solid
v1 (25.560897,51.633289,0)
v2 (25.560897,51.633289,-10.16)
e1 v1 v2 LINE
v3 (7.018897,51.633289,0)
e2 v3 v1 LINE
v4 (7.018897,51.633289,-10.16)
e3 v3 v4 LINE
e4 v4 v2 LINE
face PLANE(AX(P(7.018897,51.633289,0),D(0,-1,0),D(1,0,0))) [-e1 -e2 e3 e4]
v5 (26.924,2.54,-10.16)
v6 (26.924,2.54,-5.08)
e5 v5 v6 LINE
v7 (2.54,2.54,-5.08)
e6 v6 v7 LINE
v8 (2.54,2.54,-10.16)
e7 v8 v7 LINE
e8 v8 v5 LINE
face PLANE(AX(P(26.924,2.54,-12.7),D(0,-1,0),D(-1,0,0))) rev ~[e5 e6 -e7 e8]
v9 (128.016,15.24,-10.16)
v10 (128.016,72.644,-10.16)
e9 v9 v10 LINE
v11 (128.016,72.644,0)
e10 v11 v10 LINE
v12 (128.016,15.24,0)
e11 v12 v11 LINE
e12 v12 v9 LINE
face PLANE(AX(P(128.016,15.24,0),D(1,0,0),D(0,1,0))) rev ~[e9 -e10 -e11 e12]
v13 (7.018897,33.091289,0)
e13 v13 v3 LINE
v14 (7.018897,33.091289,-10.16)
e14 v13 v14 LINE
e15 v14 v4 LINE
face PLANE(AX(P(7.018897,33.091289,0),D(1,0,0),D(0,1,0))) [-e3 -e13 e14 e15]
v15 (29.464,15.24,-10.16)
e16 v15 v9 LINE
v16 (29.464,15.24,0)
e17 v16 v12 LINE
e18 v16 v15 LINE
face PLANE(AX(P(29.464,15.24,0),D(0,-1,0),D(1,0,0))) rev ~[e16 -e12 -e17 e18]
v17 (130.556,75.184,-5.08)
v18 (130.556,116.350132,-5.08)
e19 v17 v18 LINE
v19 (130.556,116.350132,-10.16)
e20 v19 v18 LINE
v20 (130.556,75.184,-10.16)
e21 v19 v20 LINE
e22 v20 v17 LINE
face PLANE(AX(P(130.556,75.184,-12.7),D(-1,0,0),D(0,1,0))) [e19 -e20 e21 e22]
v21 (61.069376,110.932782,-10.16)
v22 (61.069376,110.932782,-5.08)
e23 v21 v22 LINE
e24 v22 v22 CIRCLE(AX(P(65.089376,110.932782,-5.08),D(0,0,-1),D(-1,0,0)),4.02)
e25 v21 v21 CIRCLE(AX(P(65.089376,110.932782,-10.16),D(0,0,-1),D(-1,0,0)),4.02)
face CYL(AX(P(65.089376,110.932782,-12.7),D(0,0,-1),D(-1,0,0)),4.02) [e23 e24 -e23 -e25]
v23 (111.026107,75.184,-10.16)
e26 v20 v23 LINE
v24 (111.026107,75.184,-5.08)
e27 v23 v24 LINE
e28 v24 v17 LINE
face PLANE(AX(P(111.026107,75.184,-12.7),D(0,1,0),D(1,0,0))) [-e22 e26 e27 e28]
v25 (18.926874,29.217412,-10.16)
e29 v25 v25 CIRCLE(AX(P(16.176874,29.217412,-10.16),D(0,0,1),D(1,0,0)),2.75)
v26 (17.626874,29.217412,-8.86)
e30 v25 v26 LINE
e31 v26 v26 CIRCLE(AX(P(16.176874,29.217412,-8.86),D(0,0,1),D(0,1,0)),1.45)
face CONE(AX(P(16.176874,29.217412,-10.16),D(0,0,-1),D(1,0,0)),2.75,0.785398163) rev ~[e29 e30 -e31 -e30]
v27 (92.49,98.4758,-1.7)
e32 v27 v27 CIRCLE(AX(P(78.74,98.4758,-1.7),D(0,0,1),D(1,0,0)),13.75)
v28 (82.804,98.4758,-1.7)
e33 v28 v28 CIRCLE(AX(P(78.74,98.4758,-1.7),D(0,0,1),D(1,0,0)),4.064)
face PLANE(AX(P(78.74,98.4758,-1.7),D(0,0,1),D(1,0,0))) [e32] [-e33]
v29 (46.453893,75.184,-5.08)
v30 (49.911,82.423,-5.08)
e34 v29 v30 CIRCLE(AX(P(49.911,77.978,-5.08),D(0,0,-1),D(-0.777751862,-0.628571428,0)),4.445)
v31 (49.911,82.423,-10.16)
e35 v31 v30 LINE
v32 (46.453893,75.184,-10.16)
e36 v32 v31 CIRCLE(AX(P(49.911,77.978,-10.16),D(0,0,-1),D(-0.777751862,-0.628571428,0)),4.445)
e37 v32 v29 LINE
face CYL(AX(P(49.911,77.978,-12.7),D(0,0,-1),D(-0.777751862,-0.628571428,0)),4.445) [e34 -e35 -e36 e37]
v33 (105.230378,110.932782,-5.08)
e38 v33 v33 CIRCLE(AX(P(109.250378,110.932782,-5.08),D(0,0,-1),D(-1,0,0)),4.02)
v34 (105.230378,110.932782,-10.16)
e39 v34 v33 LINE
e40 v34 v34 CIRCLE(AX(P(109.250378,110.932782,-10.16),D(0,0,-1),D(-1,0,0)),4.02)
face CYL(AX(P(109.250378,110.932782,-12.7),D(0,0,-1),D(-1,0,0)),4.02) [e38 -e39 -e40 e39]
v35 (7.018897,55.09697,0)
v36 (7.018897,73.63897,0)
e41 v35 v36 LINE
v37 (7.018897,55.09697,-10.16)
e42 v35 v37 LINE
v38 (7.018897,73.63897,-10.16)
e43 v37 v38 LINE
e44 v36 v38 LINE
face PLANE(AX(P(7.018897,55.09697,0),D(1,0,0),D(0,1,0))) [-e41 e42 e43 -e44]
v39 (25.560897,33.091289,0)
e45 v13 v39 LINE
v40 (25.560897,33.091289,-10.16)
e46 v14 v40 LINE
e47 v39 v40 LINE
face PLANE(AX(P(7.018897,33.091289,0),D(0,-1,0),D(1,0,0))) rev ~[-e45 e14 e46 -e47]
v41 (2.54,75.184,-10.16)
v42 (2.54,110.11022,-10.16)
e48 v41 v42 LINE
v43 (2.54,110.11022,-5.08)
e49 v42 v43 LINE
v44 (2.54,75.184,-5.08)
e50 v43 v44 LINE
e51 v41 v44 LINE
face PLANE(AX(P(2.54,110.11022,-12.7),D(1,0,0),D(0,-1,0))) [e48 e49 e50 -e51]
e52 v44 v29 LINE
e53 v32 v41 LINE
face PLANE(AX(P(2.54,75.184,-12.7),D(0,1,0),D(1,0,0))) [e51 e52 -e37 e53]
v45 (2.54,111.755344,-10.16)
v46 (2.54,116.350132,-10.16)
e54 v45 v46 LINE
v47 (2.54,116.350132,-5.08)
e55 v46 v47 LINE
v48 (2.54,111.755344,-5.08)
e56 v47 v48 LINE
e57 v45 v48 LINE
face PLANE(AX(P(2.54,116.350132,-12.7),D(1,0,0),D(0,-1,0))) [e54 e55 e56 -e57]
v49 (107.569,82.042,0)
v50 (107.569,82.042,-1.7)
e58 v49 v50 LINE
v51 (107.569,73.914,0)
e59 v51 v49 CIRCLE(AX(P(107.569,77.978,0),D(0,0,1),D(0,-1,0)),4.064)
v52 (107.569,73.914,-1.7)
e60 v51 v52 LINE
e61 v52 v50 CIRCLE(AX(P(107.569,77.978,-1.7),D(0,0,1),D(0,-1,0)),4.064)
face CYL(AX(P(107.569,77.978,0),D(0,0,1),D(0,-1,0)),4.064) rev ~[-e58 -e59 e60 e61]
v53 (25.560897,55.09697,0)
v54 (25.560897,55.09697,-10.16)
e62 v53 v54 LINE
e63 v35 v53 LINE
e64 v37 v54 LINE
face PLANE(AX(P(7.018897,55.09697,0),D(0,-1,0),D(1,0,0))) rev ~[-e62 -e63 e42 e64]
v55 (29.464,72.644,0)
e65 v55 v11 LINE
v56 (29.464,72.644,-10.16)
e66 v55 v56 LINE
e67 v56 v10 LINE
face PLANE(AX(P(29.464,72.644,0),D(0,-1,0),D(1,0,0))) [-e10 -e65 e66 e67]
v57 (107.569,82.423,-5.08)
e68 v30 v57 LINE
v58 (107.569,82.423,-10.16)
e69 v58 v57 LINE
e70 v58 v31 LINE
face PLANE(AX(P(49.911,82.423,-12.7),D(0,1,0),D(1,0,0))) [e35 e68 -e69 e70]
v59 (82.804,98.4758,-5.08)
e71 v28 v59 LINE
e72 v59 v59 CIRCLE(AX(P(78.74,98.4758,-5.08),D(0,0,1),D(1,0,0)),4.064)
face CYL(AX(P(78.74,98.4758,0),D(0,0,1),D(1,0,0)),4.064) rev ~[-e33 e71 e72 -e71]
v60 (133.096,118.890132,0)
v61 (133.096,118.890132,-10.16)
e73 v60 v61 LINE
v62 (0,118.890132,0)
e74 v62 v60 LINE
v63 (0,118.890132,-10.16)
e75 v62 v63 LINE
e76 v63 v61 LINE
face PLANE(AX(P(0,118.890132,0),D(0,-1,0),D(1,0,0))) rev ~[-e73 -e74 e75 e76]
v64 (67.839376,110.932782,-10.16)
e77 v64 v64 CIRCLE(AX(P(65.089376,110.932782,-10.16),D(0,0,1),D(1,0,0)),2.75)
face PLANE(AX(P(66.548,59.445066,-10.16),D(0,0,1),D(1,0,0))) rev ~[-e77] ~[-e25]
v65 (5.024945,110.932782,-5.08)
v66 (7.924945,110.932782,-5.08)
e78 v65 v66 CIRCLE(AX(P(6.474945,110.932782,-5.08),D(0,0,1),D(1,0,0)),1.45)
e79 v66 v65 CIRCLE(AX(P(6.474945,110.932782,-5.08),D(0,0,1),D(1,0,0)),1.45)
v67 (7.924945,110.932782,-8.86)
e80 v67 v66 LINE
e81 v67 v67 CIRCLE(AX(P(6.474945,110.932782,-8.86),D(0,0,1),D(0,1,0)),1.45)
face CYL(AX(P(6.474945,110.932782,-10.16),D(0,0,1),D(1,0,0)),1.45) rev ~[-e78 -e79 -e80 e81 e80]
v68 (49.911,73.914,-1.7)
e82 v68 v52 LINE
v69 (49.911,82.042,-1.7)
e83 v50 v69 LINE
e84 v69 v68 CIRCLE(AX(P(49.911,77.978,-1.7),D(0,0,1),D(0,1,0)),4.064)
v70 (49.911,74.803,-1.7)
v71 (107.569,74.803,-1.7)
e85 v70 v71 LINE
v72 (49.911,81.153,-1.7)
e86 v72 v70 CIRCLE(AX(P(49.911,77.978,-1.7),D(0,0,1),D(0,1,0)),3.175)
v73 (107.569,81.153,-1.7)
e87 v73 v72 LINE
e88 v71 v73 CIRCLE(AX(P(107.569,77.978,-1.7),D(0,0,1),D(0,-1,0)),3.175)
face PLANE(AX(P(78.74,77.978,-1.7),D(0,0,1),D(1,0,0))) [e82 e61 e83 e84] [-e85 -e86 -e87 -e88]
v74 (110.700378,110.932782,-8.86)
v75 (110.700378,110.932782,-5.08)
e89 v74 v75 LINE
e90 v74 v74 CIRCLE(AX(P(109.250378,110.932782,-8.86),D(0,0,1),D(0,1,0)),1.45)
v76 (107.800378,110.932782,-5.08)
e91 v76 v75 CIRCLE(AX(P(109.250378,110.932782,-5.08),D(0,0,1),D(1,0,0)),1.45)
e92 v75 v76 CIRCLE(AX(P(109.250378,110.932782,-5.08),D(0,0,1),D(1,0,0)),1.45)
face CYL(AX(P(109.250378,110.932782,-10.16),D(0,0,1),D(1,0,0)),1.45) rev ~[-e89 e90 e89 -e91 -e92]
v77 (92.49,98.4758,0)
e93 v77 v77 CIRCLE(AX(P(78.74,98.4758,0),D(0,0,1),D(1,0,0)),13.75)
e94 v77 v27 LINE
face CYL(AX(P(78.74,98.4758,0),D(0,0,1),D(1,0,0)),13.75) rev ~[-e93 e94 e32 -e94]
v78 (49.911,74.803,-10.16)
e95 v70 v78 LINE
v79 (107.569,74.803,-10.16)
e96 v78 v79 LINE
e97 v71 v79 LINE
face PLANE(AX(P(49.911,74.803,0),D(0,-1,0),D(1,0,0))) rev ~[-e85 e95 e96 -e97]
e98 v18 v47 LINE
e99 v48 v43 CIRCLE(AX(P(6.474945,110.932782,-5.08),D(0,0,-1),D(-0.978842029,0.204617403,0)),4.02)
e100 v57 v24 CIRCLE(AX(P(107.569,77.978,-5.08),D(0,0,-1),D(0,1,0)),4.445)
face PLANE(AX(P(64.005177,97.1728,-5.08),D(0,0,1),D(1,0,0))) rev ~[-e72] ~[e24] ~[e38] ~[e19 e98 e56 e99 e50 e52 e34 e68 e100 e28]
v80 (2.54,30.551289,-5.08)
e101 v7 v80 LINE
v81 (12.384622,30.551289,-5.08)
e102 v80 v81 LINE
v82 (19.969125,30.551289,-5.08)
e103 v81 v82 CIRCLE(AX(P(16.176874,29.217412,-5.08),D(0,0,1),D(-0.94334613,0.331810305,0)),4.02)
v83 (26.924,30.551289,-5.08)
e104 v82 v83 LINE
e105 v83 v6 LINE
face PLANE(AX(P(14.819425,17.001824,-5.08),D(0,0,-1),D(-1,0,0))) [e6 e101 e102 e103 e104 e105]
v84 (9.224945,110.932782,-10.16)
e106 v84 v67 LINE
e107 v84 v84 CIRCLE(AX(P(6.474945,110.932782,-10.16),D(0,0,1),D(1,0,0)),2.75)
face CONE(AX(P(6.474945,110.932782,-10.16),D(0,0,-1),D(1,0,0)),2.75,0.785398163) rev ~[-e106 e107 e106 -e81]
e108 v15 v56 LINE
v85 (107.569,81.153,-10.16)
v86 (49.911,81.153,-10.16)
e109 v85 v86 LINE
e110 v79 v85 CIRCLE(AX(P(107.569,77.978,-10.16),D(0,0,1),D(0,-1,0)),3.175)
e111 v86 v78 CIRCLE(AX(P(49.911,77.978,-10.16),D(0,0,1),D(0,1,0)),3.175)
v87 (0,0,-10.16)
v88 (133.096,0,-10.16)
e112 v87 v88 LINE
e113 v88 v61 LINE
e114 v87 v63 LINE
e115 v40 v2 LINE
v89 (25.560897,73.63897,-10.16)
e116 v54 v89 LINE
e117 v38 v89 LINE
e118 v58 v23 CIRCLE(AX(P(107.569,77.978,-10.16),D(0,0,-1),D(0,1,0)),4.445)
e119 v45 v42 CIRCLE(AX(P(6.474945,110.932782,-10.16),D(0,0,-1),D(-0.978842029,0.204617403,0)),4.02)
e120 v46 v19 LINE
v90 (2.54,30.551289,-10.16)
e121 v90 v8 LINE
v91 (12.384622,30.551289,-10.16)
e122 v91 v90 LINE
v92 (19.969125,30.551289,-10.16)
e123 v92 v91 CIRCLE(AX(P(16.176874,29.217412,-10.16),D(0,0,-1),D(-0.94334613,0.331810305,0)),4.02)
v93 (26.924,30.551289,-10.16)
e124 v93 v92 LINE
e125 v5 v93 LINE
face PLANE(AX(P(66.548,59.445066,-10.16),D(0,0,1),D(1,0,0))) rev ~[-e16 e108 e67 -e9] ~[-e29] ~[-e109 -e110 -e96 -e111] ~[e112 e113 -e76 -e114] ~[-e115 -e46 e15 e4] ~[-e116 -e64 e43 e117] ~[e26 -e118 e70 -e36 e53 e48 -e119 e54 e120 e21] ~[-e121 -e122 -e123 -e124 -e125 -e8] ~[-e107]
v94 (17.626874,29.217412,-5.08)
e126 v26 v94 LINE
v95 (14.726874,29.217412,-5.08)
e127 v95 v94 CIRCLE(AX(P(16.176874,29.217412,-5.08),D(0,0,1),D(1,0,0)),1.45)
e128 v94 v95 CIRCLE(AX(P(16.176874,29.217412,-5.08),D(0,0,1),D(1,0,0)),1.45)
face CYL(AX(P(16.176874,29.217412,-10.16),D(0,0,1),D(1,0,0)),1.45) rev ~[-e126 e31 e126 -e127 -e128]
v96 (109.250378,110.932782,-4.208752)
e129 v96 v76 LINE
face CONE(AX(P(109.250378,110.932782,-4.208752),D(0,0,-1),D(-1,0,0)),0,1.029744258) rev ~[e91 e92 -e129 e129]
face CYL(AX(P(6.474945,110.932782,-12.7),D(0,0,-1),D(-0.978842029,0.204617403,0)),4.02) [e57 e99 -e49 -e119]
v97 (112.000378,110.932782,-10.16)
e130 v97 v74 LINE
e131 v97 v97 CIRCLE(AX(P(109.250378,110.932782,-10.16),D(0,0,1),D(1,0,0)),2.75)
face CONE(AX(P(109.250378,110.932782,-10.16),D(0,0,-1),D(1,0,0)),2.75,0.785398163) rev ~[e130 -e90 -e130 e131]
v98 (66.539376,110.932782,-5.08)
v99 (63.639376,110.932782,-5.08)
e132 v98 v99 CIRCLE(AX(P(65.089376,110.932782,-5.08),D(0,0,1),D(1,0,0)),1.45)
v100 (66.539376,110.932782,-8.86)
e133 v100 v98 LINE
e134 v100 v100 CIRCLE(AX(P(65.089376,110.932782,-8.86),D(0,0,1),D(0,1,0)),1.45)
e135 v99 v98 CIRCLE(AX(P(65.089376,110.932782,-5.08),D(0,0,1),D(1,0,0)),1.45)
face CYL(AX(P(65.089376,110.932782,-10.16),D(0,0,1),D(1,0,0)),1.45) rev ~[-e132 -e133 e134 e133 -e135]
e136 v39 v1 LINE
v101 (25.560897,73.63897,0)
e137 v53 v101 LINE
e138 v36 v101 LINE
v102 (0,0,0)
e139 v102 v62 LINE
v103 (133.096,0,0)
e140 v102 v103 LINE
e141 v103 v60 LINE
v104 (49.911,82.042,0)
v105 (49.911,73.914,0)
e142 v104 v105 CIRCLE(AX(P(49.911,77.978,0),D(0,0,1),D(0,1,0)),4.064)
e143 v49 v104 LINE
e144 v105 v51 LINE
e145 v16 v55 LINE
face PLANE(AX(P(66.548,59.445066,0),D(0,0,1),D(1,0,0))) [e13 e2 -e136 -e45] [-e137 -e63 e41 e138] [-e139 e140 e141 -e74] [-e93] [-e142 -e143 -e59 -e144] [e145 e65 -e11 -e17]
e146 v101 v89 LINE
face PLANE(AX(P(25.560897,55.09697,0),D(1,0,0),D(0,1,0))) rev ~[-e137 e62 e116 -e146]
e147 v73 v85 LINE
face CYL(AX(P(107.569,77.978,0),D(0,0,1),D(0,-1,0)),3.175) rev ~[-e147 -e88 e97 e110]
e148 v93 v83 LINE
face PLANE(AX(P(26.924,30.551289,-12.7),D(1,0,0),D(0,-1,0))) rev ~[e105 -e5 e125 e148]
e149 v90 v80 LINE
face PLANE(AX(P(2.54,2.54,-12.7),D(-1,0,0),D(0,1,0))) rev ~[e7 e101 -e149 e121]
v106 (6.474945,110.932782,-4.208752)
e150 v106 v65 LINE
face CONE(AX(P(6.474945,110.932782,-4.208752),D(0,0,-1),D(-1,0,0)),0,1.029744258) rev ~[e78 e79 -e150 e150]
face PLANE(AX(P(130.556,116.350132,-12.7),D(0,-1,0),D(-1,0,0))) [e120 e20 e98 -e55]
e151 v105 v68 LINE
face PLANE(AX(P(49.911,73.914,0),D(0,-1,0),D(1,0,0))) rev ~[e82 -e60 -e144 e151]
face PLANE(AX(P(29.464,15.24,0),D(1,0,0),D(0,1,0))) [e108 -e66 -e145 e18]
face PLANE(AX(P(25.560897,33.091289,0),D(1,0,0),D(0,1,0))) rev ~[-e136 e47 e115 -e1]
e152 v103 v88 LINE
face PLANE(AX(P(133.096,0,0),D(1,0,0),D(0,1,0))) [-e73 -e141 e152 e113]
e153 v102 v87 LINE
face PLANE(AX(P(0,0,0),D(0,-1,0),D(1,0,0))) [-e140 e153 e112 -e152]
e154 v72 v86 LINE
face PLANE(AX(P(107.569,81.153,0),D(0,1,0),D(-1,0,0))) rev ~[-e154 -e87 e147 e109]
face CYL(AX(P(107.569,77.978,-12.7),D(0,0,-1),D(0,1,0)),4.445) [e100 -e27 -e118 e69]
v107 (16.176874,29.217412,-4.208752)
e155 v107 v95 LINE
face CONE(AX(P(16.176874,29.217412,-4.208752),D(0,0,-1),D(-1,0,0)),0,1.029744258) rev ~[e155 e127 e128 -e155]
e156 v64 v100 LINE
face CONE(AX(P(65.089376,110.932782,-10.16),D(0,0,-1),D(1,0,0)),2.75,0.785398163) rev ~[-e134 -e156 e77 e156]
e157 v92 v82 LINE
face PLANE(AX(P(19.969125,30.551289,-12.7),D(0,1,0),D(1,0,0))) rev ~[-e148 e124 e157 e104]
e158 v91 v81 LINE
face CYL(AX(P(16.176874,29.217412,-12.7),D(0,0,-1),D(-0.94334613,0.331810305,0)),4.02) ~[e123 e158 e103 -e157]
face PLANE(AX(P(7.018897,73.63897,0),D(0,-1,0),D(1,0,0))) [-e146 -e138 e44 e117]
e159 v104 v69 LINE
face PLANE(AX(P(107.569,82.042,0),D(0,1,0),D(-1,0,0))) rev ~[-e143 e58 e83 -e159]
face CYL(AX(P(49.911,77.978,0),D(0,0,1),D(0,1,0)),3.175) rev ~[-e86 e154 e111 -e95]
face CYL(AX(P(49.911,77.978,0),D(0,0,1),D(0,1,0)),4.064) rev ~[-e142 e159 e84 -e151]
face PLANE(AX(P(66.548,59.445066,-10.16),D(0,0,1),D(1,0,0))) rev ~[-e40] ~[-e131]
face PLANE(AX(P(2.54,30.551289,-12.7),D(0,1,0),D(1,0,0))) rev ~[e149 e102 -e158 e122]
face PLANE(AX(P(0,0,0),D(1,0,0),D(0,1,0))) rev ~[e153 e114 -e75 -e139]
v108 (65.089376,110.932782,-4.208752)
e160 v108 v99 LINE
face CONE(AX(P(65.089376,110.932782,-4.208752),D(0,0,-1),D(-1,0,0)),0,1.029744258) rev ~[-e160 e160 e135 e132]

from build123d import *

# Parameters (mm, degrees)
SKETCH1_W                                         = 133.096
SKETCH1_H                                         = 118.890132416
BOSS_EXTRUDE1_DEPTH                               = 10.16
SKETCH1_11_W                                      = 98.552
SKETCH1_11_H                                      = 57.404
SKETCH1_11_W_2                                    = 18.542
SKETCH1_11_H_2                                    = 18.542
SKETCH1_11_R                                      = 4.064
CUT_EXTRUDE1_DEPTH                                = 179.752998302
SKETCH1_12_R                                      = 13.75
SKETCH1_12_R_2                                    = 4.064
CUT_EXTRUDE2_DEPTH                                = 1.7
CSK_FOR_M2_5_FLAT_HEAD_MACHINE_SCREW1_D           = 2.9
CSK_FOR_M2_5_FLAT_HEAD_MACHINE_SCREW1_DEPTH       = 5.08
CSK_FOR_M2_5_FLAT_HEAD_MACHINE_SCREW1_CSINK_D     = 5.5
CSK_FOR_M2_5_FLAT_HEAD_MACHINE_SCREW1_CSINK_ANGLE = 90
CSK_FOR_M2_5_FLAT_HEAD_MACHINE_SCREW1_TIP         = 0.871247898
SKETCH6_R                                         = 4.02
CUT_EXTRUDE3_DEPTH                                = 7.62


with BuildPart() as part:
    # Sketch1 → Boss-Extrude1 (new body)
    with BuildSketch(Plane.XY):
        with Locations((66.548, 59.445066208)):
            Rectangle(SKETCH1_W, SKETCH1_H)
    extrude(amount=-BOSS_EXTRUDE1_DEPTH)

    # Sketch1<11> → Cut-Extrude1 (cut, through all)
    with BuildSketch(Plane.XY):
        with Locations((78.74, 43.942)):
            Rectangle(SKETCH1_11_W, SKETCH1_11_H)
        with Locations((16.289896793, 42.362289183)):
            Rectangle(SKETCH1_11_W_2, SKETCH1_11_H_2)
        with Locations((16.289896793, 64.367970222)):
            Rectangle(SKETCH1_11_W_2, SKETCH1_11_H_2)
        with BuildLine():
            Line((107.569, 81.153), (49.911, 81.153))
            ThreePointArc((49.911, 81.153), (46.736, 77.978), (49.911, 74.803))
            Line((49.911, 74.803), (107.569, 74.803))
            ThreePointArc((107.569, 74.803), (110.744, 77.978), (107.569, 81.153))
        make_face()
        with Locations((78.74, 98.4758)):
            Circle(SKETCH1_11_R)
    extrude(amount=-CUT_EXTRUDE1_DEPTH, mode=Mode.SUBTRACT)

    # Sketch1<12> → Cut-Extrude2 (cut)
    # profile 1 of 2: a face of its own
    with BuildSketch(Plane.XY):
        with BuildLine():
            Line((107.569, 82.042), (49.911, 82.042))
            ThreePointArc((49.911, 82.042), (45.847, 77.978), (49.911, 73.914))
            Line((49.911, 73.914), (107.569, 73.914))
            ThreePointArc((107.569, 73.914), (111.633, 77.978), (107.569, 82.042))
        make_face()
        with BuildLine():
            ThreePointArc((49.911, 74.803), (46.736, 77.978), (49.911, 81.153))
            Line((49.911, 81.153), (107.569, 81.153))
            ThreePointArc((107.569, 81.153), (110.744, 77.978), (107.569, 74.803))
            Line((107.569, 74.803), (49.911, 74.803))
        make_face(mode=Mode.SUBTRACT)
    # profile 2 of 2: a face of its own
    with BuildSketch(Plane.XY):
        with Locations((78.74, 98.4758)):
            Circle(SKETCH1_12_R)
        with Locations((78.74, 98.4758)):
            Circle(SKETCH1_12_R_2, mode=Mode.SUBTRACT)
    extrude(amount=-CUT_EXTRUDE2_DEPTH, mode=Mode.SUBTRACT)

    # CSK for M2.5 Flat Head Machine Screw1
    with Locations(Plane(origin=(0, 0, -10.16), x_dir=(-1, 0, 0), z_dir=(0, 0, -1))):
        with Locations((-109.250378399, 110.932782256), (-65.089376176, 110.932782256), (-6.474944958, 110.932782256), (-16.176873925, 29.217411756)):
            CounterSinkHole(CSK_FOR_M2_5_FLAT_HEAD_MACHINE_SCREW1_D / 2, CSK_FOR_M2_5_FLAT_HEAD_MACHINE_SCREW1_CSINK_D / 2, depth=CSK_FOR_M2_5_FLAT_HEAD_MACHINE_SCREW1_DEPTH, counter_sink_angle=CSK_FOR_M2_5_FLAT_HEAD_MACHINE_SCREW1_CSINK_ANGLE)
            with Locations((0, 0, -(CSK_FOR_M2_5_FLAT_HEAD_MACHINE_SCREW1_DEPTH + CSK_FOR_M2_5_FLAT_HEAD_MACHINE_SCREW1_TIP / 2))):  # 118° drill point
                Cone(0, CSK_FOR_M2_5_FLAT_HEAD_MACHINE_SCREW1_D / 2, CSK_FOR_M2_5_FLAT_HEAD_MACHINE_SCREW1_TIP, mode=Mode.SUBTRACT)

    # Sketch6 → Cut-Extrude3 (cut)
    # profile 1 of 2: a face of its own
    with BuildSketch(Plane(origin=(0, 0, -12.7), x_dir=(-1, 0, 0), z_dir=(0, 0, -1))):
        with BuildLine():
            Line((-130.556, 116.350132416), (-2.54, 116.350132416))
            Line((-2.54, 116.350132416), (-2.54, 111.755344215))
            ThreePointArc((-2.54, 111.755344215), (-10.494944958, 110.932782256), (-2.54, 110.110220296))
            Line((-2.54, 110.110220296), (-2.54, 75.184))
            Line((-2.54, 75.184), (-46.453892972, 75.184))
            ThreePointArc((-46.453892972, 75.184), (-45.899930629, 79.893554097), (-49.911, 82.423))
            Line((-49.911, 82.423), (-107.569, 82.423))
            ThreePointArc((-107.569, 82.423), (-111.580069371, 79.893554097), (-111.026107028, 75.184))
            Line((-111.026107028, 75.184), (-130.556, 75.184))
            Line((-130.556, 75.184), (-130.556, 116.350132416))
        make_face()
        with Locations((-109.250378399, 110.932782256)):
            Circle(SKETCH6_R, mode=Mode.SUBTRACT)
        with Locations((-65.089376176, 110.932782256)):
            Circle(SKETCH6_R, mode=Mode.SUBTRACT)
    # profile 2 of 2: a face of its own
    with BuildSketch(Plane(origin=(0, 0, -12.7), x_dir=(-1, 0, 0), z_dir=(0, 0, -1))):
        with BuildLine():
            Line((-26.924, 30.551289183), (-26.924, 2.54))
            Line((-26.924, 2.54), (-2.54, 2.54))
            Line((-2.54, 2.54), (-2.54, 30.551289183))
            Line((-2.54, 30.551289183), (-12.384622481, 30.551289183))
            ThreePointArc((-12.384622481, 30.551289183), (-16.176873925, 25.197411756), (-19.969125368, 30.551289183))
            Line((-19.969125368, 30.551289183), (-26.924, 30.551289183))
        make_face()
    extrude(amount=-CUT_EXTRUDE3_DEPTH, mode=Mode.SUBTRACT)


solid = part.part
